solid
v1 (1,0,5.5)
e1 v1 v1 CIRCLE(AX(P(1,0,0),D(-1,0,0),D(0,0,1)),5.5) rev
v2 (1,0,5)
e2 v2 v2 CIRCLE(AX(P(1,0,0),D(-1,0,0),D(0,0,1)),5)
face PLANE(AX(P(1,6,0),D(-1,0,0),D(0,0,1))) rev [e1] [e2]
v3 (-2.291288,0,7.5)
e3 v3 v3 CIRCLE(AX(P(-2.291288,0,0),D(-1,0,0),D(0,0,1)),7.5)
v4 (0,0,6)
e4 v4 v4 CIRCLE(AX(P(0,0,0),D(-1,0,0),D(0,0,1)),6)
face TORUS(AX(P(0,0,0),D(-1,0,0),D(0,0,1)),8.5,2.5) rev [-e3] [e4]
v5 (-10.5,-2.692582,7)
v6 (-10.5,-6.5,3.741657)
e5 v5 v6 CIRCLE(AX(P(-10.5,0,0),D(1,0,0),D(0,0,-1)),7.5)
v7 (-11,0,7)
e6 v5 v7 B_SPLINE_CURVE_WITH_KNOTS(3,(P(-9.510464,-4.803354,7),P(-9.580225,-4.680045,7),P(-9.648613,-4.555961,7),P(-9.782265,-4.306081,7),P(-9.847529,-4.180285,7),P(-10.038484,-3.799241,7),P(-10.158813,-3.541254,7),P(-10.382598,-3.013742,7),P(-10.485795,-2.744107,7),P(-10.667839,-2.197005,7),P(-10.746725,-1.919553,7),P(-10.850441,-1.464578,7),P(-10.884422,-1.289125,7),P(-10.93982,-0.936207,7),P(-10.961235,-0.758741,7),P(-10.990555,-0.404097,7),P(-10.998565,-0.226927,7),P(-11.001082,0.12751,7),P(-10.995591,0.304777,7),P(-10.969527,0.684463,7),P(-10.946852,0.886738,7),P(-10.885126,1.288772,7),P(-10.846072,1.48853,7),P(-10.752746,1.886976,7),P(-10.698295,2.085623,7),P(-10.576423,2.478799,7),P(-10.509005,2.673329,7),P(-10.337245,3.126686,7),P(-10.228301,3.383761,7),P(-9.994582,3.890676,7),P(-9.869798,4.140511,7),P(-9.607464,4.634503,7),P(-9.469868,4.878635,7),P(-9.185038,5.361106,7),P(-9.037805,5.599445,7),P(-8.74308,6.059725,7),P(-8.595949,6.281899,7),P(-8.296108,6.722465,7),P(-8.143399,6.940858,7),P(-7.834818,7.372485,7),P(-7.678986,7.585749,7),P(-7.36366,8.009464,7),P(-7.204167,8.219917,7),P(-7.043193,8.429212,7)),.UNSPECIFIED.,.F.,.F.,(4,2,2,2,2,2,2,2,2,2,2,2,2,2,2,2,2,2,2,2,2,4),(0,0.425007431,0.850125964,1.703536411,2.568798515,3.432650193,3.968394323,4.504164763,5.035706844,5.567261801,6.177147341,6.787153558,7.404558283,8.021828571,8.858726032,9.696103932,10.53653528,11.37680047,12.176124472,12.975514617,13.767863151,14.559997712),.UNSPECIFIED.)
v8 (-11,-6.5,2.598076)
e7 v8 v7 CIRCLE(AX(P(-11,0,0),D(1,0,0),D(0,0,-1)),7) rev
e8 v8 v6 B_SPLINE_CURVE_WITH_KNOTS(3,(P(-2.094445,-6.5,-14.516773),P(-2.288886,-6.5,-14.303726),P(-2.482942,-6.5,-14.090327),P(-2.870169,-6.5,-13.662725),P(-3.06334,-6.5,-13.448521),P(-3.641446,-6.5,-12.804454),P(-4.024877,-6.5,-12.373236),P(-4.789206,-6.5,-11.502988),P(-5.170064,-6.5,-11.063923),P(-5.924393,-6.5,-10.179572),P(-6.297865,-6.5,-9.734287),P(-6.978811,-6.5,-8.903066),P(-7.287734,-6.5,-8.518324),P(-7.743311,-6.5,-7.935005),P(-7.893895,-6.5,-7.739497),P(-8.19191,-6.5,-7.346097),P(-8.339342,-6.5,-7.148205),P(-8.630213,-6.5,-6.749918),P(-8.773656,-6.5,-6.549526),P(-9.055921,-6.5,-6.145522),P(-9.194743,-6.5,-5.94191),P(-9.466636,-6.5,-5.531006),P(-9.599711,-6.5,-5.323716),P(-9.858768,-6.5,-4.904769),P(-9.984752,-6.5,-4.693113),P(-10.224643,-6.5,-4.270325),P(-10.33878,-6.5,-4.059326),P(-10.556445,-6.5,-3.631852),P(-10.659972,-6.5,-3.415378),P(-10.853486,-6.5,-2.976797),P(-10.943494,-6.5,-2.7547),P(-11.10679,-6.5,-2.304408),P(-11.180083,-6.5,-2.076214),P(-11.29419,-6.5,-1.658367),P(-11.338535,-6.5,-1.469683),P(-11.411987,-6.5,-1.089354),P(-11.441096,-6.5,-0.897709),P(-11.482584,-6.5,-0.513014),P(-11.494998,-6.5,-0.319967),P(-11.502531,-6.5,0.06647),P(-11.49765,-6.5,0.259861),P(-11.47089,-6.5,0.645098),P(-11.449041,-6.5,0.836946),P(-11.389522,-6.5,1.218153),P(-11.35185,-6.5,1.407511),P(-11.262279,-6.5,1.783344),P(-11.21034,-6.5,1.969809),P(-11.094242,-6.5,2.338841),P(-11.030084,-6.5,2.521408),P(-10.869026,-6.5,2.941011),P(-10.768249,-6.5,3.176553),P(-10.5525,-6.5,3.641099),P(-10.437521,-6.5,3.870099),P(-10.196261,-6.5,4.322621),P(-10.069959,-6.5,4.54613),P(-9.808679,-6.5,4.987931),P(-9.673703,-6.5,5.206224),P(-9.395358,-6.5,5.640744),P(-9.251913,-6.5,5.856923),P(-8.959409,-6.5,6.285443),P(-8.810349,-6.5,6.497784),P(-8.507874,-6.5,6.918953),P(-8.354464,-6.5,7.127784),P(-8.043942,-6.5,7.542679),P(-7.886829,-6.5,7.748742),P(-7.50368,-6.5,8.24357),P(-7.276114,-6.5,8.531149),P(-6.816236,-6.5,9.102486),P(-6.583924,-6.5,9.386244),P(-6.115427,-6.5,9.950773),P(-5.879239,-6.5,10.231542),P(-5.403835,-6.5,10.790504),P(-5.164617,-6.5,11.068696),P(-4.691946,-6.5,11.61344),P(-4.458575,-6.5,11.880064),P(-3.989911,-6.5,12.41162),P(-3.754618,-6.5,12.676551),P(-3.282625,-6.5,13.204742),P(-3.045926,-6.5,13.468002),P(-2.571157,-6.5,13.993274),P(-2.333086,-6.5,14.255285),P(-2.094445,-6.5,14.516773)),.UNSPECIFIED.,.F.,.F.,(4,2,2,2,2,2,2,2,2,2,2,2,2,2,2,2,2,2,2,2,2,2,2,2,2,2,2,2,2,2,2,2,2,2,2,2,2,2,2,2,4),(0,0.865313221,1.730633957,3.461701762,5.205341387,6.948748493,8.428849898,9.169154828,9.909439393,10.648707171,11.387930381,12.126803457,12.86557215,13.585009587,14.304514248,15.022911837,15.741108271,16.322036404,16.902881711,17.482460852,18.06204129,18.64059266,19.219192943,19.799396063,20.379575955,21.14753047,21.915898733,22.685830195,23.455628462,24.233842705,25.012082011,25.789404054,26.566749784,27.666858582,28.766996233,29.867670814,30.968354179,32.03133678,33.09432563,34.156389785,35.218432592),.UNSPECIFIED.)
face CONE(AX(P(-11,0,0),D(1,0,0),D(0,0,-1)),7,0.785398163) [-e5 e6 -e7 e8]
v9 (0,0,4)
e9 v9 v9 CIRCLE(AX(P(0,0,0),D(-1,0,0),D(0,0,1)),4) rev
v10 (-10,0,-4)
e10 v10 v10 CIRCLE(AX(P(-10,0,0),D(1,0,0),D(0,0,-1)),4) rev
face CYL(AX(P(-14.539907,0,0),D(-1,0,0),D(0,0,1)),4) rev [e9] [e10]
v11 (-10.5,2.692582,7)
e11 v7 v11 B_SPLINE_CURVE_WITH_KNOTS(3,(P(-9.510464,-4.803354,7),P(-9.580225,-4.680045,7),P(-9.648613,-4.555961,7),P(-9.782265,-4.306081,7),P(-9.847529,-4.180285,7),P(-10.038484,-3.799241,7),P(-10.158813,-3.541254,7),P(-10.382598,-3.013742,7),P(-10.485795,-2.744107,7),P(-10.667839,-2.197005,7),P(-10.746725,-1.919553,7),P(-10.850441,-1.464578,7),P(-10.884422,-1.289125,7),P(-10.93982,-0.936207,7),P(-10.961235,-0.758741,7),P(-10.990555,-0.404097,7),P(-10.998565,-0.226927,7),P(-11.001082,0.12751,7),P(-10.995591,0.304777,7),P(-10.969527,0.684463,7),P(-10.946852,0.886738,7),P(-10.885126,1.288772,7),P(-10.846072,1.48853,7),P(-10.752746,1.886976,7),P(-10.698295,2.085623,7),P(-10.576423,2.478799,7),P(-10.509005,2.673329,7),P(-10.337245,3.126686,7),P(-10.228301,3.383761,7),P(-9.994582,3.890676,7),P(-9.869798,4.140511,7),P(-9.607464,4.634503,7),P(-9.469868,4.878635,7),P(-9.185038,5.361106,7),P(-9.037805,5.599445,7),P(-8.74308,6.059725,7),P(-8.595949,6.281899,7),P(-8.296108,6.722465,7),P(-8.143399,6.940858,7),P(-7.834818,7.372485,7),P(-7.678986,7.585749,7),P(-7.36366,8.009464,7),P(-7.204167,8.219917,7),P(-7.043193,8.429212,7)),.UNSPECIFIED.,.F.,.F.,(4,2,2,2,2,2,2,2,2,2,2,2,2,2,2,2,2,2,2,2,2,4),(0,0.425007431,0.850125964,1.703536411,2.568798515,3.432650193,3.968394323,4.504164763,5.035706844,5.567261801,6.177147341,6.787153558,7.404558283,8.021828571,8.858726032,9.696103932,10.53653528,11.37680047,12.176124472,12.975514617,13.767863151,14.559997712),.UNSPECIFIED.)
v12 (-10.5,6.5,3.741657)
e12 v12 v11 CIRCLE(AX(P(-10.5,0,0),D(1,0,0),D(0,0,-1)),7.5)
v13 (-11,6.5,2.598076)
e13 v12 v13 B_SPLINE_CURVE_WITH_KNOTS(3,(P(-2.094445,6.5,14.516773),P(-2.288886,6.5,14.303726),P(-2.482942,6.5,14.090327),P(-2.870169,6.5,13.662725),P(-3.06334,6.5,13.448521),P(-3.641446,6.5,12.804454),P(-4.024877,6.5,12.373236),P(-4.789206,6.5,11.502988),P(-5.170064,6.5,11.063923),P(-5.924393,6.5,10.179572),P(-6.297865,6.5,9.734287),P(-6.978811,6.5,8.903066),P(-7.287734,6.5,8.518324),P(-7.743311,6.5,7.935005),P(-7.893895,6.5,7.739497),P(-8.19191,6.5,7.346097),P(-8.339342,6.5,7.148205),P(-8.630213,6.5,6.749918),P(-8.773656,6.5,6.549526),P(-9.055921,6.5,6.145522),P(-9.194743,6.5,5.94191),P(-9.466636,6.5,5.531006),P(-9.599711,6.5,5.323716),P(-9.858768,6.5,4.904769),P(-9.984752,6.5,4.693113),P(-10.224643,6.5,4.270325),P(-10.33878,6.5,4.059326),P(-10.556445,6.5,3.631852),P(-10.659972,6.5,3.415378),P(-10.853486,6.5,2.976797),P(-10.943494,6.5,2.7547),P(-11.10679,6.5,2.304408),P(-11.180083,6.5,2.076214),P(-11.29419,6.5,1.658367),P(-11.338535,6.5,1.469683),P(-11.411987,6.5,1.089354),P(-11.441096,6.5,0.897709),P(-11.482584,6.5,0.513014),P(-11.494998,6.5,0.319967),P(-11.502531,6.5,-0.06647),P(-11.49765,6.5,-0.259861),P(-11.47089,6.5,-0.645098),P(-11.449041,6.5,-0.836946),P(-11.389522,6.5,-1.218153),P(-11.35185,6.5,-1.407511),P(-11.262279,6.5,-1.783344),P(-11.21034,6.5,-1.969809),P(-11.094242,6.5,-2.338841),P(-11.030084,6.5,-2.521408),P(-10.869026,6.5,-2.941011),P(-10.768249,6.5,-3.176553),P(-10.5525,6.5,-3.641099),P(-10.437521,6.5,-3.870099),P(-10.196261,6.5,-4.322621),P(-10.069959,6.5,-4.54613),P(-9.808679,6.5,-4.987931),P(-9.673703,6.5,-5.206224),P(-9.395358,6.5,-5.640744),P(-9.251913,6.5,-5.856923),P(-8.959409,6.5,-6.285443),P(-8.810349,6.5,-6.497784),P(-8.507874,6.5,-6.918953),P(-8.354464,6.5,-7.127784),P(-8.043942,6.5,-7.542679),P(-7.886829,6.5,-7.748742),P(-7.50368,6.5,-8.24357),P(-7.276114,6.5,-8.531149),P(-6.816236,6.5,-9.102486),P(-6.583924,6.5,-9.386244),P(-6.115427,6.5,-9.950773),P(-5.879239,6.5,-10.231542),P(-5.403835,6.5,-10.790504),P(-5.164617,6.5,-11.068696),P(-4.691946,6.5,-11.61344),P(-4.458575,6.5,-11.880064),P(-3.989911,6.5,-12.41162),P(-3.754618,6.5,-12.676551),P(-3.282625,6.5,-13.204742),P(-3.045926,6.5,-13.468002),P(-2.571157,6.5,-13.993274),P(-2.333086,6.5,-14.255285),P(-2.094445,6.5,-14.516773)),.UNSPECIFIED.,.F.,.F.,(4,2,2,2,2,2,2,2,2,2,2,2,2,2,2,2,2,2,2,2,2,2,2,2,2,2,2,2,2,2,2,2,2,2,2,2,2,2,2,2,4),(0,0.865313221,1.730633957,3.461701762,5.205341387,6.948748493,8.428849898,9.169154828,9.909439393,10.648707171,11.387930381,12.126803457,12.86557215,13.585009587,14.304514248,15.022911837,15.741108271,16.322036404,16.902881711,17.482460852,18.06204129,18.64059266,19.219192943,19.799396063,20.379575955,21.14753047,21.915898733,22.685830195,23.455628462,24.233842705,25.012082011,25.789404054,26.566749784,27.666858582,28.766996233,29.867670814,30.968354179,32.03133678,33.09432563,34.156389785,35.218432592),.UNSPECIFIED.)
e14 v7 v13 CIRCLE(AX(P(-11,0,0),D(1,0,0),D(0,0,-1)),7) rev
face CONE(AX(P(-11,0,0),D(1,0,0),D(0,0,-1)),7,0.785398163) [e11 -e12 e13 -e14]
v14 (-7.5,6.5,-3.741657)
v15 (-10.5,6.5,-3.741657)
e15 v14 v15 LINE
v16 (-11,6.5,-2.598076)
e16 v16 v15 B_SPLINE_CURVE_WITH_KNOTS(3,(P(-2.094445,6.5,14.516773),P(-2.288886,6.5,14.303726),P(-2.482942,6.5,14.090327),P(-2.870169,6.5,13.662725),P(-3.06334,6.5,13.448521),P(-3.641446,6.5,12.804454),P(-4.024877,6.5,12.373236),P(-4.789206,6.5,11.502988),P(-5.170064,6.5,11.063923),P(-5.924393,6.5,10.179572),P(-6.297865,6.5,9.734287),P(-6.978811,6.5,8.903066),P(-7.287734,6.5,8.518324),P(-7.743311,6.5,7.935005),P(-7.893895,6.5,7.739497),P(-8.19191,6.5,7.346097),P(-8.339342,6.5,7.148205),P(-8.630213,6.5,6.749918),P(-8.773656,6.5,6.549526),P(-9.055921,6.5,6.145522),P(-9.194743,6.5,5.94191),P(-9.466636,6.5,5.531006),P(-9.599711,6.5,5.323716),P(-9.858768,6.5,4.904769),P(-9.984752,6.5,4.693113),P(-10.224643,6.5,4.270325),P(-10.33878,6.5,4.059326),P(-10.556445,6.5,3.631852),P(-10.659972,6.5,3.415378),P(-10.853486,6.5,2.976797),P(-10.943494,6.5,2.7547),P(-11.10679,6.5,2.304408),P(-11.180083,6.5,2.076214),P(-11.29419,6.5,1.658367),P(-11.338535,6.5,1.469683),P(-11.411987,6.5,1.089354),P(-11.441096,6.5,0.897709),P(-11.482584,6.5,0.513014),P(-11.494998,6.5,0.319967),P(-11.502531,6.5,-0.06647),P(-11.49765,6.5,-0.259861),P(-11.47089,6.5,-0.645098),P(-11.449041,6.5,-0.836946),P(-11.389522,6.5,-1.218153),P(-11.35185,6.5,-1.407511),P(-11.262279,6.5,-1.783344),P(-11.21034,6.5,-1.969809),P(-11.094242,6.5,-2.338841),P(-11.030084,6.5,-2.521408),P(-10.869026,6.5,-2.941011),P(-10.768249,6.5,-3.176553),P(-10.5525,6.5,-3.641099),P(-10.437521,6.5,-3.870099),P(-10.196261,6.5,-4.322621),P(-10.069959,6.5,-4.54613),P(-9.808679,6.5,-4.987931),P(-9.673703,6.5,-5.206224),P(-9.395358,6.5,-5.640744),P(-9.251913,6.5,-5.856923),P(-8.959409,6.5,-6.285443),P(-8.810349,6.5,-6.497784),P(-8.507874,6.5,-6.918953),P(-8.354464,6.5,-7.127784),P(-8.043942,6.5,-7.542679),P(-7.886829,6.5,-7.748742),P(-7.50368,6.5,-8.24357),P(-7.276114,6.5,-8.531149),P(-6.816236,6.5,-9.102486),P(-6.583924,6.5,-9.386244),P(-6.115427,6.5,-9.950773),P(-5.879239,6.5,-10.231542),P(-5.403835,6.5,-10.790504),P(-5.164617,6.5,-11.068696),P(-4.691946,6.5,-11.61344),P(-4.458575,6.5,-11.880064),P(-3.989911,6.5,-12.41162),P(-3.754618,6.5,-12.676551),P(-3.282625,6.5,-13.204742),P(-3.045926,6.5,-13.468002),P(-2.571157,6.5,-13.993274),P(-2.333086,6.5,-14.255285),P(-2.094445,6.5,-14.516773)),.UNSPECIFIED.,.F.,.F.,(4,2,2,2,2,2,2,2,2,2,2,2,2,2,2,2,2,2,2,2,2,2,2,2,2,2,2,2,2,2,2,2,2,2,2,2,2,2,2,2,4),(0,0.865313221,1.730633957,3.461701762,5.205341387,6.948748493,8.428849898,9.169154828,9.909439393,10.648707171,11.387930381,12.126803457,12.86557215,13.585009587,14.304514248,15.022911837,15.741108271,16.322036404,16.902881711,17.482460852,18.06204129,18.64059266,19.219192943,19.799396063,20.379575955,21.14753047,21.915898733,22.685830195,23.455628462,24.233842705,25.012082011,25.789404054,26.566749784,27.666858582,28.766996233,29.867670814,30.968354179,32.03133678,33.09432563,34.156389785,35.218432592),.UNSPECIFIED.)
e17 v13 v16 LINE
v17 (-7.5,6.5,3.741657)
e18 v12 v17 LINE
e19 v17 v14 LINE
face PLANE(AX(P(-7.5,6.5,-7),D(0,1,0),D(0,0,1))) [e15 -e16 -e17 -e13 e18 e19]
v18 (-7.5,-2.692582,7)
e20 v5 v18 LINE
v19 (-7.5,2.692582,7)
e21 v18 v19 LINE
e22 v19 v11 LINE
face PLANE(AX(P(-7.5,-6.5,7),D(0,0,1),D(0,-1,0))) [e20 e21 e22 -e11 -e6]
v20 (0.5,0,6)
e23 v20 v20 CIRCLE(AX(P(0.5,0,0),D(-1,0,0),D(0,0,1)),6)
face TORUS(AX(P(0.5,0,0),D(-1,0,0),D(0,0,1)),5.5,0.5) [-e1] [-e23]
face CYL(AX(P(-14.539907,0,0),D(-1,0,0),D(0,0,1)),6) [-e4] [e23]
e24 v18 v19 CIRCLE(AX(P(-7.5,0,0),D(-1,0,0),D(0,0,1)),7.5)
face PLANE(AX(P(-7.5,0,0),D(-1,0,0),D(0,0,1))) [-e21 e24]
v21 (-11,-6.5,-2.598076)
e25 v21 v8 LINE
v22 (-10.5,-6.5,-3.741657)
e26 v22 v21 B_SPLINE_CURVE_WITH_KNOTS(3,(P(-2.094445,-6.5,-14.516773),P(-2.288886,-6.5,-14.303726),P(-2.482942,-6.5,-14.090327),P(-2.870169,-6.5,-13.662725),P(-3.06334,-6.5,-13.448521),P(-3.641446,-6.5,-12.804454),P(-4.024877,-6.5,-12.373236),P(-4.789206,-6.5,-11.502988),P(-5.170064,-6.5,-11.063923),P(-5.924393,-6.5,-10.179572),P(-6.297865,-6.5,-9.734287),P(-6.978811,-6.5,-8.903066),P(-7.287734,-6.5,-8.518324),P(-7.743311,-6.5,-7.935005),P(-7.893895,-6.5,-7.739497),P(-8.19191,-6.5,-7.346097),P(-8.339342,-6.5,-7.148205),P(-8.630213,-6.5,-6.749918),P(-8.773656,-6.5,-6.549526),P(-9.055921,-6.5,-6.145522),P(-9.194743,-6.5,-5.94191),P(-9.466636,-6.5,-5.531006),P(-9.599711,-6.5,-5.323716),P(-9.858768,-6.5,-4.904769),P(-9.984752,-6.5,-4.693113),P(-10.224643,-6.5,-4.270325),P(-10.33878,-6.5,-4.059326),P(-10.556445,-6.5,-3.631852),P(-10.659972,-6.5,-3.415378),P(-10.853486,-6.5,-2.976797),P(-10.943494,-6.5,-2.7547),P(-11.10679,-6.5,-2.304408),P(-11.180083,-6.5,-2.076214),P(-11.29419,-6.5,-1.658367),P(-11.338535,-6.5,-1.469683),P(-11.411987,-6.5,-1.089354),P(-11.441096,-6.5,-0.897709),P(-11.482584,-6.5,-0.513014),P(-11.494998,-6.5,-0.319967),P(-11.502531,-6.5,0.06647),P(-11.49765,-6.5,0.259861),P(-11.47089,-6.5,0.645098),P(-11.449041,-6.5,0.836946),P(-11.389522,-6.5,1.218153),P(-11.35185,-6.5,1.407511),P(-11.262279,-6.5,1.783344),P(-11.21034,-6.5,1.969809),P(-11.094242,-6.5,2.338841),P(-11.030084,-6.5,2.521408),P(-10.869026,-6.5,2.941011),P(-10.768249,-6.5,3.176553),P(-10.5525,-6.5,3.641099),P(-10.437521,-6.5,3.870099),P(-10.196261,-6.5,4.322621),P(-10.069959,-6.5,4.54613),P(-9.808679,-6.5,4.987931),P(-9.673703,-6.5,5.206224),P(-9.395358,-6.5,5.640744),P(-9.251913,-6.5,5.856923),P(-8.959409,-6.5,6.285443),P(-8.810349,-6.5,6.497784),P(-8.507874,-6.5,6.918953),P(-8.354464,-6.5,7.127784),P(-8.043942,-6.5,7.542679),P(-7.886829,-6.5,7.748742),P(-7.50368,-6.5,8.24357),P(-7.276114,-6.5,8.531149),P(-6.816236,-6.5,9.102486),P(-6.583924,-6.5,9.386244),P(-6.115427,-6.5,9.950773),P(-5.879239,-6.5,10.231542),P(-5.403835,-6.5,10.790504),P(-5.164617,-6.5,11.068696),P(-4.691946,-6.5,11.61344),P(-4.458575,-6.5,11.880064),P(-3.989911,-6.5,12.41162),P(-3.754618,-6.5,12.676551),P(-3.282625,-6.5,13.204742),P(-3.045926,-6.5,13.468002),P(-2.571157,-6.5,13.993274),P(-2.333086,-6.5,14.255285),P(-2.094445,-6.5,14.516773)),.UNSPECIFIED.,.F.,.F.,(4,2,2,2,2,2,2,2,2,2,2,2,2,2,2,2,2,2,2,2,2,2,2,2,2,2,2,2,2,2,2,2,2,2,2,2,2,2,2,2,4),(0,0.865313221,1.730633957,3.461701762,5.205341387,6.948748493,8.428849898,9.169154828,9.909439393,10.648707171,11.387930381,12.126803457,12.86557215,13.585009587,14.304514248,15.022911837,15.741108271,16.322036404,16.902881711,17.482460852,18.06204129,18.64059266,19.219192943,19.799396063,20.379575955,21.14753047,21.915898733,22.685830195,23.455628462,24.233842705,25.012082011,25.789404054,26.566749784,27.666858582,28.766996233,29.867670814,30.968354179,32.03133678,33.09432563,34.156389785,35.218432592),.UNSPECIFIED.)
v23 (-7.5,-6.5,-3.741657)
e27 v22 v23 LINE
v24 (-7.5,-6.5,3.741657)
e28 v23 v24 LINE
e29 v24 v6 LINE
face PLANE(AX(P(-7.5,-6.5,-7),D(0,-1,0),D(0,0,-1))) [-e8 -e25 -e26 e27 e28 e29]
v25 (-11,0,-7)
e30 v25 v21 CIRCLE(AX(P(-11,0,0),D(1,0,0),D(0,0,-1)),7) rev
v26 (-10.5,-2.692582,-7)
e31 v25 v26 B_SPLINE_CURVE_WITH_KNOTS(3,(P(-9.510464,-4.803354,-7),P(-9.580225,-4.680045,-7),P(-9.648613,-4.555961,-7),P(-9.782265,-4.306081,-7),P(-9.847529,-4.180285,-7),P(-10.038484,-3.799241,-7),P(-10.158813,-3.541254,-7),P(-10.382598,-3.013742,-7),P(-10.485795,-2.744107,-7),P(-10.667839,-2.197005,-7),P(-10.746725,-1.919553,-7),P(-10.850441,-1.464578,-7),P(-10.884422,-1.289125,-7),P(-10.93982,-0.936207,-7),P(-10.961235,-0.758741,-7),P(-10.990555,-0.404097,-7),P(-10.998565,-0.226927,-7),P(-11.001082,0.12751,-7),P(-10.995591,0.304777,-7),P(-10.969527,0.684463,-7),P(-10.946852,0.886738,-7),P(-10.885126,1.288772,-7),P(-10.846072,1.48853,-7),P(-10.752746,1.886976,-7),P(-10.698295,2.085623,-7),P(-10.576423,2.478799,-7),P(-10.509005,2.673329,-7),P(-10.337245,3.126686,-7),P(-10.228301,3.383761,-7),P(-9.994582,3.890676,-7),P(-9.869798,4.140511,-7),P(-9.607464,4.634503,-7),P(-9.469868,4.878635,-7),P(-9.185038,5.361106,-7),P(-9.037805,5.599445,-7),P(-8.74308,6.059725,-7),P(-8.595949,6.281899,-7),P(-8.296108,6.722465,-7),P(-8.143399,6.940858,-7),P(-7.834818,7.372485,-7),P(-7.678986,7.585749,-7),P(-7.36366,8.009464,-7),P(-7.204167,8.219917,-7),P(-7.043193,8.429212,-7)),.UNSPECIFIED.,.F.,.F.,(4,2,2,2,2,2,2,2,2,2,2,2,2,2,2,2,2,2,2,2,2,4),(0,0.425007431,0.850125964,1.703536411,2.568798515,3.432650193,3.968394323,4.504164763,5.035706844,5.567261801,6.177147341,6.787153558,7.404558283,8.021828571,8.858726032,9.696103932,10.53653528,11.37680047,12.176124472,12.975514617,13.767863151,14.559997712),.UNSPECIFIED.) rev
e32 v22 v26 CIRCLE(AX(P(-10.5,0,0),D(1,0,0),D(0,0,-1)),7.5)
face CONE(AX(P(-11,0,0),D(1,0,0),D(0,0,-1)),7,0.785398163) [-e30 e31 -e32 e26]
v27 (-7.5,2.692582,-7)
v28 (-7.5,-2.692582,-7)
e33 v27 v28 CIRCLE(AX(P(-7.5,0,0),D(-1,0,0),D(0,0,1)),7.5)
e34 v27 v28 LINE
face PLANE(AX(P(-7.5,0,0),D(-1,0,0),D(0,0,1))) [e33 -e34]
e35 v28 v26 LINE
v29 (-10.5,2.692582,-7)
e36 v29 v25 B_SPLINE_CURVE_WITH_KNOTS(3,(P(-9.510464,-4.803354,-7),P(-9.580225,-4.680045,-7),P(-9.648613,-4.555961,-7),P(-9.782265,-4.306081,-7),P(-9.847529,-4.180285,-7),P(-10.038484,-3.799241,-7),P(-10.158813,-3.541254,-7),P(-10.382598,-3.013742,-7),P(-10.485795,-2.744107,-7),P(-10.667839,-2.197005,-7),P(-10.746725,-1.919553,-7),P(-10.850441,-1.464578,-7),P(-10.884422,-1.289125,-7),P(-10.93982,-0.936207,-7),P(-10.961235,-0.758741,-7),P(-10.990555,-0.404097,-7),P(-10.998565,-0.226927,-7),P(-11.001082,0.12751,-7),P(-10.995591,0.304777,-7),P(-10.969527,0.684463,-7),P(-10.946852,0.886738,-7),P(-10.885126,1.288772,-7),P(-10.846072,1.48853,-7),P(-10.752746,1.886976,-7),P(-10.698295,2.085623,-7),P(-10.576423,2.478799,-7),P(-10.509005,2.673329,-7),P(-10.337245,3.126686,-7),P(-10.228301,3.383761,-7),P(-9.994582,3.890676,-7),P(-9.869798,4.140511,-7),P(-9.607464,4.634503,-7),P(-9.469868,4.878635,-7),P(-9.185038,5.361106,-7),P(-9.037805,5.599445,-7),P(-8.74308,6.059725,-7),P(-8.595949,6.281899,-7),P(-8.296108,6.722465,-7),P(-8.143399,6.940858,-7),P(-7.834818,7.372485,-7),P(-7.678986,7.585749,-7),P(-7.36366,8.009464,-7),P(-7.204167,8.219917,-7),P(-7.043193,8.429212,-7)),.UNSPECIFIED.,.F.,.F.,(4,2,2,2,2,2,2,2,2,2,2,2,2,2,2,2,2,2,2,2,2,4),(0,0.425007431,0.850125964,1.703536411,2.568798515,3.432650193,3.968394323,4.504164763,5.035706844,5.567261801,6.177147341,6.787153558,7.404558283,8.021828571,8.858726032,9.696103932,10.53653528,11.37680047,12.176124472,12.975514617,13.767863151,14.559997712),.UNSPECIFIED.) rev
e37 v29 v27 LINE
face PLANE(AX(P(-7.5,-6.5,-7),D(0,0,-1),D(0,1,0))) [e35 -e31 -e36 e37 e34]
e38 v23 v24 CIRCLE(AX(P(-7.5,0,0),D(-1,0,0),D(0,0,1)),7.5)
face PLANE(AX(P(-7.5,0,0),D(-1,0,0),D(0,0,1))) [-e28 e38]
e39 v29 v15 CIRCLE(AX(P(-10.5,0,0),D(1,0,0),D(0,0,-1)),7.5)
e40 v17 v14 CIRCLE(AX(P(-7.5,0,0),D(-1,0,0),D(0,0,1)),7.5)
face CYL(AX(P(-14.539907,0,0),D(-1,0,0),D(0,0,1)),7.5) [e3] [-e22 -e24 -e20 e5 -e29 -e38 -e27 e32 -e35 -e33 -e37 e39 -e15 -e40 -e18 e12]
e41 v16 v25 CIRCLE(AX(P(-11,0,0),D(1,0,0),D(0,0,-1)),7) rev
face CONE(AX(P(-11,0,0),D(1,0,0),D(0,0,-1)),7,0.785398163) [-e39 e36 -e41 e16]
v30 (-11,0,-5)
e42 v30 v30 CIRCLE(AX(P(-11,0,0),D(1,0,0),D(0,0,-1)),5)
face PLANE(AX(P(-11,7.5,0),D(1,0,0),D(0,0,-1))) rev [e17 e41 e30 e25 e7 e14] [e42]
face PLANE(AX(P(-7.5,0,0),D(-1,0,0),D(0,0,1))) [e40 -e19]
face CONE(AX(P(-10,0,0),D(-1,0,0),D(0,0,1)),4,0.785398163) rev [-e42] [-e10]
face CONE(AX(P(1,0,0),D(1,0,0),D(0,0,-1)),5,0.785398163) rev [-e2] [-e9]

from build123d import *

# Parameters (mm, degrees)
CONG_1_R                = 0.5
CHANFREIN1_SIZE         = 1
CHANFREIN2_SIZE         = 0.5
ESQUISSE2_OUTSIDE_W     = 21.874
ESQUISSE2_OUTSIDE_H     = 21.874
ESQUISSE2_OUTSIDE_W_2   = 14
ESQUISSE2_OUTSIDE_H_2   = 13
ENL_V_MAT_EXTRU_1_DEPTH = 3.5


with BuildPart() as part:
    # Esquisse1 → Révolution1 (revolve)
    with BuildSketch(Plane.XY, mode=Mode.PRIVATE) as r_volution1_sk:
        with BuildLine():
            Line((0, 6), (1, 6))
            Line((1, 6), (1, 4))
            Line((1, 4), (-11, 4))
            Line((-11, 4), (-11, 7.5))
            Line((-11, 7.5), (-2.291287847, 7.5))
            ThreePointArc((-2.291287847, 7.5), (-1.369306394, 6.408349934), (0, 6))
        make_face()
    revolve(r_volution1_sk.sketch.rotate(Axis((-14.539906675, 0, 0), (1, 0, 0)), 90), axis=Axis((-14.539906675, 0, 0), (1, 0, 0)))  # turned: the seam where the file's is

    # Congé1
    cong_1_edges = [part.edges().sort_by_distance(p)[0] for p in [
        (1, 0, -6),
    ]]
    fillet(cong_1_edges, radius=CONG_1_R)

    # Chanfrein1
    chanfrein1_edges = [part.edges().sort_by_distance(p)[0] for p in [
        (1, 0, -4),
        (-11, 0, -4),
    ]]
    chamfer(chanfrein1_edges, length=CHANFREIN1_SIZE)

    # Chanfrein2
    chanfrein2_edges = [part.edges().sort_by_distance(p)[0] for p in [
        (-11, 0, -7.5),
    ]]
    chamfer(chanfrein2_edges, length=CHANFREIN2_SIZE)

    # Esquisse2 outside → Enlèv. mat.-Extru.1 (cut)
    with BuildSketch(Plane.ZY.offset(11)):
        Rectangle(ESQUISSE2_OUTSIDE_W, ESQUISSE2_OUTSIDE_H)
        Rectangle(ESQUISSE2_OUTSIDE_W_2, ESQUISSE2_OUTSIDE_H_2, mode=Mode.SUBTRACT)
    extrude(amount=-ENL_V_MAT_EXTRU_1_DEPTH, mode=Mode.SUBTRACT)


solid = part.part
